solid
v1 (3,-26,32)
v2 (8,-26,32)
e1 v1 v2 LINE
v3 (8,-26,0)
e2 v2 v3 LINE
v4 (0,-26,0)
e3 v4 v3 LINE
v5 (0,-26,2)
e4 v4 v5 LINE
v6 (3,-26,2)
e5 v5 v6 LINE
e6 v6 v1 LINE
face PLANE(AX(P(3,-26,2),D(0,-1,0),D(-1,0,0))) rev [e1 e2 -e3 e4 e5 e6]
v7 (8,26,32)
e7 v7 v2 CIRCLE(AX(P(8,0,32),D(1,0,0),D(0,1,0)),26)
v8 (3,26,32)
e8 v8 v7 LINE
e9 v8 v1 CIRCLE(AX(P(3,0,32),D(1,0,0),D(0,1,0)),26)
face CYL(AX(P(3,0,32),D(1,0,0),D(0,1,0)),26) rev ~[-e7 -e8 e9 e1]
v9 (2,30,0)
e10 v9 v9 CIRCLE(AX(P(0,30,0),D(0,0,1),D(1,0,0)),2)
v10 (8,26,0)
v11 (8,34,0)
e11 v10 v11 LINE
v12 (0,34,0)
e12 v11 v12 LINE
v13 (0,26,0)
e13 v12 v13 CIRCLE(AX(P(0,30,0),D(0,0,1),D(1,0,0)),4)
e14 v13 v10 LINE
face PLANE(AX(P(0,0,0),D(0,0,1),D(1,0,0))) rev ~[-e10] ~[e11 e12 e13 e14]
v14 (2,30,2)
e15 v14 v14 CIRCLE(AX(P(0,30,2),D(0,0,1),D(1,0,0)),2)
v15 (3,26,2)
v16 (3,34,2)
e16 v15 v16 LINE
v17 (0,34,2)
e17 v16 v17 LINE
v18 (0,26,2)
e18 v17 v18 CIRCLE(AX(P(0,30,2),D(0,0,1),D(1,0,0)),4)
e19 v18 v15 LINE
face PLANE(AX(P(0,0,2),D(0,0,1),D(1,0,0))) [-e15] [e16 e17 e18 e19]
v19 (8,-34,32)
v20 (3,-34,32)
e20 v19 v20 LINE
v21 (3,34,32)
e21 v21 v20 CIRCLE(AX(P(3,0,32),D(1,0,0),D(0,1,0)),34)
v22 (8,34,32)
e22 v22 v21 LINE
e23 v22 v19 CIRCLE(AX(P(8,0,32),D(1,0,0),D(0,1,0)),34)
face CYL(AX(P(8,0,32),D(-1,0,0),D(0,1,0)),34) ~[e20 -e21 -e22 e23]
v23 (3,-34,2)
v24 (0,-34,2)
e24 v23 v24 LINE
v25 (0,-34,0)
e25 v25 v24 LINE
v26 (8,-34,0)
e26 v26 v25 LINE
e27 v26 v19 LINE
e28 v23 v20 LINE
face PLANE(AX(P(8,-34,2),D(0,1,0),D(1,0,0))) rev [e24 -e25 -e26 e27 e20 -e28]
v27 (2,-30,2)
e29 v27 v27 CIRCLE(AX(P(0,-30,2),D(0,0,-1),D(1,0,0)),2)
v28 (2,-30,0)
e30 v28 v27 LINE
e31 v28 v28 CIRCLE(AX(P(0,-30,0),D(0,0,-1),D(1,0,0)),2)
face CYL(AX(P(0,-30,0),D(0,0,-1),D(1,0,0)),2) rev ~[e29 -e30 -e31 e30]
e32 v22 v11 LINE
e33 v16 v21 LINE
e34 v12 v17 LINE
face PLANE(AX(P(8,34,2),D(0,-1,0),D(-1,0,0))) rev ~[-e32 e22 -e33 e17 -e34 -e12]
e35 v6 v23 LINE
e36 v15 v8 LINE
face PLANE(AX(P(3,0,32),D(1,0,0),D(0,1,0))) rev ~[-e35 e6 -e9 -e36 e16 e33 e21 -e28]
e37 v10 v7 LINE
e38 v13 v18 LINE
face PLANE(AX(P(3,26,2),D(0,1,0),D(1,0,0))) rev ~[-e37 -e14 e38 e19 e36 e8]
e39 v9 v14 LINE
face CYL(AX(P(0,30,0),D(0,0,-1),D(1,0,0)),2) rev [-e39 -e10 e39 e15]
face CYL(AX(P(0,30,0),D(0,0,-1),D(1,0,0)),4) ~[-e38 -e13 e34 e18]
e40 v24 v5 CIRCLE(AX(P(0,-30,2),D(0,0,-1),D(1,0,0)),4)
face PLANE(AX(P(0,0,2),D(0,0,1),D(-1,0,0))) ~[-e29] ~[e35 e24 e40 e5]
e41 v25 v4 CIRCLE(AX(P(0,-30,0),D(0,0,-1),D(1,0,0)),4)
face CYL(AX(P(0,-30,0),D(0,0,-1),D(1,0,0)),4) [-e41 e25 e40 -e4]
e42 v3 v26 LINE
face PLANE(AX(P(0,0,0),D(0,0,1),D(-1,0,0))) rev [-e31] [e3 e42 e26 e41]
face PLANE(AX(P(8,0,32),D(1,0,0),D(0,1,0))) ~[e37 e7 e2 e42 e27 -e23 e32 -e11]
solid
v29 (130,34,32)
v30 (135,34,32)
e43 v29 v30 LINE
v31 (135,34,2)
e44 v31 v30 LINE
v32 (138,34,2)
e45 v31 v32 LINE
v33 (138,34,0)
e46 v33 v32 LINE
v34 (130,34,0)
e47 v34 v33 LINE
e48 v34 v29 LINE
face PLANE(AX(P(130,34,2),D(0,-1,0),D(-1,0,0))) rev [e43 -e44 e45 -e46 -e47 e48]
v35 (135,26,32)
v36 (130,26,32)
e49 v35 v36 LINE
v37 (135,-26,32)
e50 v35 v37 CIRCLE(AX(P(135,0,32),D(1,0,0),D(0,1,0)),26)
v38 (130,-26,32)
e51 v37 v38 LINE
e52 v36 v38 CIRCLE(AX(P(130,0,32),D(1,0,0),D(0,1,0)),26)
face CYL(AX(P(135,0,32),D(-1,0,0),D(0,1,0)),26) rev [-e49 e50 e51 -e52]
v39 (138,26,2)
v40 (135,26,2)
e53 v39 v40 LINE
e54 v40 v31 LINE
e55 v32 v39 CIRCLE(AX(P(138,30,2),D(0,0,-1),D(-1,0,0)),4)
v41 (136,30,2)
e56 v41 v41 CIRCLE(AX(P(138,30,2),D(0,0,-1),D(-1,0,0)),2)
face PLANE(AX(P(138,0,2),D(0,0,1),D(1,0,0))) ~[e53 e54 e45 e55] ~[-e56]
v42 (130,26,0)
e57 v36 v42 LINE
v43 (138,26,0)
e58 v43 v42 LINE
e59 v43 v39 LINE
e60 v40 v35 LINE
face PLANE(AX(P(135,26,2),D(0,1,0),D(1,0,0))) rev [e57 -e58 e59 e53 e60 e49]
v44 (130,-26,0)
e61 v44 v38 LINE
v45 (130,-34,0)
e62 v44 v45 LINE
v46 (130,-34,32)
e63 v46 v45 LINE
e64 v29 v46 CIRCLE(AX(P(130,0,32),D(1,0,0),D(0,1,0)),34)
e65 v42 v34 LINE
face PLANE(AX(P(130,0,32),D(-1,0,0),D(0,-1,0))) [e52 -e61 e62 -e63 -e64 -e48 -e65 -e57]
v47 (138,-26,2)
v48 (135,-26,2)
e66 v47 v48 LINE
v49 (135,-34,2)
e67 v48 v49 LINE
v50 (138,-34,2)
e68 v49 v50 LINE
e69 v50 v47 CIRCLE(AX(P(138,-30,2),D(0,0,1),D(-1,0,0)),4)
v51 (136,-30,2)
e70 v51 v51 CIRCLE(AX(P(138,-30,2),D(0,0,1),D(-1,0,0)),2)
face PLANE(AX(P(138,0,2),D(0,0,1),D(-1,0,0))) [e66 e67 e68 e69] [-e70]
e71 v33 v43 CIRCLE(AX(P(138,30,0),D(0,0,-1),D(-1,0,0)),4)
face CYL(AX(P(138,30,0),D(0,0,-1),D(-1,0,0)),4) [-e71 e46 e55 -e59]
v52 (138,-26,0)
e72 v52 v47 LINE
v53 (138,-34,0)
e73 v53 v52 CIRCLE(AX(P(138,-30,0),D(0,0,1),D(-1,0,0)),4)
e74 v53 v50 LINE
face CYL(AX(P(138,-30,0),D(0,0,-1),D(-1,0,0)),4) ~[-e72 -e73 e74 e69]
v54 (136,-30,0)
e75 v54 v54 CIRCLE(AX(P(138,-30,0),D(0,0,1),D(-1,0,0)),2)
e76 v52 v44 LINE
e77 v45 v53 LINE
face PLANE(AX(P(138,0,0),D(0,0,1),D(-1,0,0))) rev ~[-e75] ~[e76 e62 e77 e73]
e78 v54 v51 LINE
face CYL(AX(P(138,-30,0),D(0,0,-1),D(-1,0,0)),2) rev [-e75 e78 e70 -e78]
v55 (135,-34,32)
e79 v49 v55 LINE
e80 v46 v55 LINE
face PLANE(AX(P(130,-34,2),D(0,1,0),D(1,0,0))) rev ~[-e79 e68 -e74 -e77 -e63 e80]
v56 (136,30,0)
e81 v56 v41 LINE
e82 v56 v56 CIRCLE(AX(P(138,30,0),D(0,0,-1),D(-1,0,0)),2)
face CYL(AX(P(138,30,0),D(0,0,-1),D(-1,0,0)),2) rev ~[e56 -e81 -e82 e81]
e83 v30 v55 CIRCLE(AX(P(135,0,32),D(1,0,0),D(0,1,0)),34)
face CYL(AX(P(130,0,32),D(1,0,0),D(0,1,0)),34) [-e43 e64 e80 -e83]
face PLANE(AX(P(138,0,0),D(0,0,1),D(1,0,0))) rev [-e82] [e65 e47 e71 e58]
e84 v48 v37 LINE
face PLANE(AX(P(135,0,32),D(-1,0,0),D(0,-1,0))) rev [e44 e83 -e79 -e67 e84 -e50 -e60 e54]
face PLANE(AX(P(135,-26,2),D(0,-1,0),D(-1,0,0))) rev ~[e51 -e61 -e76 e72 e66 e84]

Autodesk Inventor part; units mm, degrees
ref_plane "XZ Plane" through (0, 0, 0) normal (0, 1, 0) x (-1, 0, 0)
ref_plane "XY Plane" through (0, 0, 0) normal (0, 0, 1) x (1, 0, 0)
sketch "Sketch1" plane through (0, 0, 0) normal (0, 0, 1) x (1, 0, 0)
  circle A0 centre (0, 30) radius 2
  circle A1 centre (0, 30) radius 4
  line L0 (0, 26) -> (8, 26)
  line L1 (8, 26) -> (8, 34)
  line L2 (8, 34) -> (0, 34)
  point P0 (0, 0)
  dimension "d0" = 2
  dimension "d2" = 4
  dimension "d6" = 30
  dimension "d7" = 8
extrude "Extrusion1" add sketch "Sketch1" along normal blind 2
sketch "Sketch2" plane through (0, 0, 2) normal (0, 0, 1) x (1, 0, 0)
  line L0 (0, 26) -> (8, 26) projected
  line L1 (8, 26) -> (8, 34) projected
  line L2 (8, 34) -> (0, 34) projected
  line L3 (3, 26) -> (3, 34)
  line L4 (-6.4, 0) -> (10.4, 0) projected
  point P0 (0, 0)
  dimension "d10" = 5
extrude "Extrusion2" add sketch "Sketch2" along normal blind 30
mirror "Mirror1" about plane through (0, 0, 0) normal (0, 1, 0) of "Extrusion1", "Extrusion2"
sketch "RevolutionSketch" plane through (0, 0, 32) normal (0, 0, 1) x (1, 0, 0)
  line L0 (3, 26) -> (8, 26) projected
  line L1 (8, 26) -> (8, 34) projected
  line L2 (8, 34) -> (3, 34) projected
  line L3 (3, 34) -> (3, 26) projected
  line L4 (-6.4, 0) -> (10.4, 0) projected
  point P0 (0, 0)
revolve "Revolution2" add sketch "RevolutionSketch" angle 180 about axis through (-10, 0, 32) along (1, 0, 0)
ref_plane "Work Plane1" through (69, 0, 0) normal (1, 0, 0) x (0, 1, 0)
mirror "Mirror2" about plane through (69, 0, 0) normal (1, 0, 0) of "Extrusion1", "Mirror1", "Extrusion2", "Revolution2"
properties part number "handle_it"
